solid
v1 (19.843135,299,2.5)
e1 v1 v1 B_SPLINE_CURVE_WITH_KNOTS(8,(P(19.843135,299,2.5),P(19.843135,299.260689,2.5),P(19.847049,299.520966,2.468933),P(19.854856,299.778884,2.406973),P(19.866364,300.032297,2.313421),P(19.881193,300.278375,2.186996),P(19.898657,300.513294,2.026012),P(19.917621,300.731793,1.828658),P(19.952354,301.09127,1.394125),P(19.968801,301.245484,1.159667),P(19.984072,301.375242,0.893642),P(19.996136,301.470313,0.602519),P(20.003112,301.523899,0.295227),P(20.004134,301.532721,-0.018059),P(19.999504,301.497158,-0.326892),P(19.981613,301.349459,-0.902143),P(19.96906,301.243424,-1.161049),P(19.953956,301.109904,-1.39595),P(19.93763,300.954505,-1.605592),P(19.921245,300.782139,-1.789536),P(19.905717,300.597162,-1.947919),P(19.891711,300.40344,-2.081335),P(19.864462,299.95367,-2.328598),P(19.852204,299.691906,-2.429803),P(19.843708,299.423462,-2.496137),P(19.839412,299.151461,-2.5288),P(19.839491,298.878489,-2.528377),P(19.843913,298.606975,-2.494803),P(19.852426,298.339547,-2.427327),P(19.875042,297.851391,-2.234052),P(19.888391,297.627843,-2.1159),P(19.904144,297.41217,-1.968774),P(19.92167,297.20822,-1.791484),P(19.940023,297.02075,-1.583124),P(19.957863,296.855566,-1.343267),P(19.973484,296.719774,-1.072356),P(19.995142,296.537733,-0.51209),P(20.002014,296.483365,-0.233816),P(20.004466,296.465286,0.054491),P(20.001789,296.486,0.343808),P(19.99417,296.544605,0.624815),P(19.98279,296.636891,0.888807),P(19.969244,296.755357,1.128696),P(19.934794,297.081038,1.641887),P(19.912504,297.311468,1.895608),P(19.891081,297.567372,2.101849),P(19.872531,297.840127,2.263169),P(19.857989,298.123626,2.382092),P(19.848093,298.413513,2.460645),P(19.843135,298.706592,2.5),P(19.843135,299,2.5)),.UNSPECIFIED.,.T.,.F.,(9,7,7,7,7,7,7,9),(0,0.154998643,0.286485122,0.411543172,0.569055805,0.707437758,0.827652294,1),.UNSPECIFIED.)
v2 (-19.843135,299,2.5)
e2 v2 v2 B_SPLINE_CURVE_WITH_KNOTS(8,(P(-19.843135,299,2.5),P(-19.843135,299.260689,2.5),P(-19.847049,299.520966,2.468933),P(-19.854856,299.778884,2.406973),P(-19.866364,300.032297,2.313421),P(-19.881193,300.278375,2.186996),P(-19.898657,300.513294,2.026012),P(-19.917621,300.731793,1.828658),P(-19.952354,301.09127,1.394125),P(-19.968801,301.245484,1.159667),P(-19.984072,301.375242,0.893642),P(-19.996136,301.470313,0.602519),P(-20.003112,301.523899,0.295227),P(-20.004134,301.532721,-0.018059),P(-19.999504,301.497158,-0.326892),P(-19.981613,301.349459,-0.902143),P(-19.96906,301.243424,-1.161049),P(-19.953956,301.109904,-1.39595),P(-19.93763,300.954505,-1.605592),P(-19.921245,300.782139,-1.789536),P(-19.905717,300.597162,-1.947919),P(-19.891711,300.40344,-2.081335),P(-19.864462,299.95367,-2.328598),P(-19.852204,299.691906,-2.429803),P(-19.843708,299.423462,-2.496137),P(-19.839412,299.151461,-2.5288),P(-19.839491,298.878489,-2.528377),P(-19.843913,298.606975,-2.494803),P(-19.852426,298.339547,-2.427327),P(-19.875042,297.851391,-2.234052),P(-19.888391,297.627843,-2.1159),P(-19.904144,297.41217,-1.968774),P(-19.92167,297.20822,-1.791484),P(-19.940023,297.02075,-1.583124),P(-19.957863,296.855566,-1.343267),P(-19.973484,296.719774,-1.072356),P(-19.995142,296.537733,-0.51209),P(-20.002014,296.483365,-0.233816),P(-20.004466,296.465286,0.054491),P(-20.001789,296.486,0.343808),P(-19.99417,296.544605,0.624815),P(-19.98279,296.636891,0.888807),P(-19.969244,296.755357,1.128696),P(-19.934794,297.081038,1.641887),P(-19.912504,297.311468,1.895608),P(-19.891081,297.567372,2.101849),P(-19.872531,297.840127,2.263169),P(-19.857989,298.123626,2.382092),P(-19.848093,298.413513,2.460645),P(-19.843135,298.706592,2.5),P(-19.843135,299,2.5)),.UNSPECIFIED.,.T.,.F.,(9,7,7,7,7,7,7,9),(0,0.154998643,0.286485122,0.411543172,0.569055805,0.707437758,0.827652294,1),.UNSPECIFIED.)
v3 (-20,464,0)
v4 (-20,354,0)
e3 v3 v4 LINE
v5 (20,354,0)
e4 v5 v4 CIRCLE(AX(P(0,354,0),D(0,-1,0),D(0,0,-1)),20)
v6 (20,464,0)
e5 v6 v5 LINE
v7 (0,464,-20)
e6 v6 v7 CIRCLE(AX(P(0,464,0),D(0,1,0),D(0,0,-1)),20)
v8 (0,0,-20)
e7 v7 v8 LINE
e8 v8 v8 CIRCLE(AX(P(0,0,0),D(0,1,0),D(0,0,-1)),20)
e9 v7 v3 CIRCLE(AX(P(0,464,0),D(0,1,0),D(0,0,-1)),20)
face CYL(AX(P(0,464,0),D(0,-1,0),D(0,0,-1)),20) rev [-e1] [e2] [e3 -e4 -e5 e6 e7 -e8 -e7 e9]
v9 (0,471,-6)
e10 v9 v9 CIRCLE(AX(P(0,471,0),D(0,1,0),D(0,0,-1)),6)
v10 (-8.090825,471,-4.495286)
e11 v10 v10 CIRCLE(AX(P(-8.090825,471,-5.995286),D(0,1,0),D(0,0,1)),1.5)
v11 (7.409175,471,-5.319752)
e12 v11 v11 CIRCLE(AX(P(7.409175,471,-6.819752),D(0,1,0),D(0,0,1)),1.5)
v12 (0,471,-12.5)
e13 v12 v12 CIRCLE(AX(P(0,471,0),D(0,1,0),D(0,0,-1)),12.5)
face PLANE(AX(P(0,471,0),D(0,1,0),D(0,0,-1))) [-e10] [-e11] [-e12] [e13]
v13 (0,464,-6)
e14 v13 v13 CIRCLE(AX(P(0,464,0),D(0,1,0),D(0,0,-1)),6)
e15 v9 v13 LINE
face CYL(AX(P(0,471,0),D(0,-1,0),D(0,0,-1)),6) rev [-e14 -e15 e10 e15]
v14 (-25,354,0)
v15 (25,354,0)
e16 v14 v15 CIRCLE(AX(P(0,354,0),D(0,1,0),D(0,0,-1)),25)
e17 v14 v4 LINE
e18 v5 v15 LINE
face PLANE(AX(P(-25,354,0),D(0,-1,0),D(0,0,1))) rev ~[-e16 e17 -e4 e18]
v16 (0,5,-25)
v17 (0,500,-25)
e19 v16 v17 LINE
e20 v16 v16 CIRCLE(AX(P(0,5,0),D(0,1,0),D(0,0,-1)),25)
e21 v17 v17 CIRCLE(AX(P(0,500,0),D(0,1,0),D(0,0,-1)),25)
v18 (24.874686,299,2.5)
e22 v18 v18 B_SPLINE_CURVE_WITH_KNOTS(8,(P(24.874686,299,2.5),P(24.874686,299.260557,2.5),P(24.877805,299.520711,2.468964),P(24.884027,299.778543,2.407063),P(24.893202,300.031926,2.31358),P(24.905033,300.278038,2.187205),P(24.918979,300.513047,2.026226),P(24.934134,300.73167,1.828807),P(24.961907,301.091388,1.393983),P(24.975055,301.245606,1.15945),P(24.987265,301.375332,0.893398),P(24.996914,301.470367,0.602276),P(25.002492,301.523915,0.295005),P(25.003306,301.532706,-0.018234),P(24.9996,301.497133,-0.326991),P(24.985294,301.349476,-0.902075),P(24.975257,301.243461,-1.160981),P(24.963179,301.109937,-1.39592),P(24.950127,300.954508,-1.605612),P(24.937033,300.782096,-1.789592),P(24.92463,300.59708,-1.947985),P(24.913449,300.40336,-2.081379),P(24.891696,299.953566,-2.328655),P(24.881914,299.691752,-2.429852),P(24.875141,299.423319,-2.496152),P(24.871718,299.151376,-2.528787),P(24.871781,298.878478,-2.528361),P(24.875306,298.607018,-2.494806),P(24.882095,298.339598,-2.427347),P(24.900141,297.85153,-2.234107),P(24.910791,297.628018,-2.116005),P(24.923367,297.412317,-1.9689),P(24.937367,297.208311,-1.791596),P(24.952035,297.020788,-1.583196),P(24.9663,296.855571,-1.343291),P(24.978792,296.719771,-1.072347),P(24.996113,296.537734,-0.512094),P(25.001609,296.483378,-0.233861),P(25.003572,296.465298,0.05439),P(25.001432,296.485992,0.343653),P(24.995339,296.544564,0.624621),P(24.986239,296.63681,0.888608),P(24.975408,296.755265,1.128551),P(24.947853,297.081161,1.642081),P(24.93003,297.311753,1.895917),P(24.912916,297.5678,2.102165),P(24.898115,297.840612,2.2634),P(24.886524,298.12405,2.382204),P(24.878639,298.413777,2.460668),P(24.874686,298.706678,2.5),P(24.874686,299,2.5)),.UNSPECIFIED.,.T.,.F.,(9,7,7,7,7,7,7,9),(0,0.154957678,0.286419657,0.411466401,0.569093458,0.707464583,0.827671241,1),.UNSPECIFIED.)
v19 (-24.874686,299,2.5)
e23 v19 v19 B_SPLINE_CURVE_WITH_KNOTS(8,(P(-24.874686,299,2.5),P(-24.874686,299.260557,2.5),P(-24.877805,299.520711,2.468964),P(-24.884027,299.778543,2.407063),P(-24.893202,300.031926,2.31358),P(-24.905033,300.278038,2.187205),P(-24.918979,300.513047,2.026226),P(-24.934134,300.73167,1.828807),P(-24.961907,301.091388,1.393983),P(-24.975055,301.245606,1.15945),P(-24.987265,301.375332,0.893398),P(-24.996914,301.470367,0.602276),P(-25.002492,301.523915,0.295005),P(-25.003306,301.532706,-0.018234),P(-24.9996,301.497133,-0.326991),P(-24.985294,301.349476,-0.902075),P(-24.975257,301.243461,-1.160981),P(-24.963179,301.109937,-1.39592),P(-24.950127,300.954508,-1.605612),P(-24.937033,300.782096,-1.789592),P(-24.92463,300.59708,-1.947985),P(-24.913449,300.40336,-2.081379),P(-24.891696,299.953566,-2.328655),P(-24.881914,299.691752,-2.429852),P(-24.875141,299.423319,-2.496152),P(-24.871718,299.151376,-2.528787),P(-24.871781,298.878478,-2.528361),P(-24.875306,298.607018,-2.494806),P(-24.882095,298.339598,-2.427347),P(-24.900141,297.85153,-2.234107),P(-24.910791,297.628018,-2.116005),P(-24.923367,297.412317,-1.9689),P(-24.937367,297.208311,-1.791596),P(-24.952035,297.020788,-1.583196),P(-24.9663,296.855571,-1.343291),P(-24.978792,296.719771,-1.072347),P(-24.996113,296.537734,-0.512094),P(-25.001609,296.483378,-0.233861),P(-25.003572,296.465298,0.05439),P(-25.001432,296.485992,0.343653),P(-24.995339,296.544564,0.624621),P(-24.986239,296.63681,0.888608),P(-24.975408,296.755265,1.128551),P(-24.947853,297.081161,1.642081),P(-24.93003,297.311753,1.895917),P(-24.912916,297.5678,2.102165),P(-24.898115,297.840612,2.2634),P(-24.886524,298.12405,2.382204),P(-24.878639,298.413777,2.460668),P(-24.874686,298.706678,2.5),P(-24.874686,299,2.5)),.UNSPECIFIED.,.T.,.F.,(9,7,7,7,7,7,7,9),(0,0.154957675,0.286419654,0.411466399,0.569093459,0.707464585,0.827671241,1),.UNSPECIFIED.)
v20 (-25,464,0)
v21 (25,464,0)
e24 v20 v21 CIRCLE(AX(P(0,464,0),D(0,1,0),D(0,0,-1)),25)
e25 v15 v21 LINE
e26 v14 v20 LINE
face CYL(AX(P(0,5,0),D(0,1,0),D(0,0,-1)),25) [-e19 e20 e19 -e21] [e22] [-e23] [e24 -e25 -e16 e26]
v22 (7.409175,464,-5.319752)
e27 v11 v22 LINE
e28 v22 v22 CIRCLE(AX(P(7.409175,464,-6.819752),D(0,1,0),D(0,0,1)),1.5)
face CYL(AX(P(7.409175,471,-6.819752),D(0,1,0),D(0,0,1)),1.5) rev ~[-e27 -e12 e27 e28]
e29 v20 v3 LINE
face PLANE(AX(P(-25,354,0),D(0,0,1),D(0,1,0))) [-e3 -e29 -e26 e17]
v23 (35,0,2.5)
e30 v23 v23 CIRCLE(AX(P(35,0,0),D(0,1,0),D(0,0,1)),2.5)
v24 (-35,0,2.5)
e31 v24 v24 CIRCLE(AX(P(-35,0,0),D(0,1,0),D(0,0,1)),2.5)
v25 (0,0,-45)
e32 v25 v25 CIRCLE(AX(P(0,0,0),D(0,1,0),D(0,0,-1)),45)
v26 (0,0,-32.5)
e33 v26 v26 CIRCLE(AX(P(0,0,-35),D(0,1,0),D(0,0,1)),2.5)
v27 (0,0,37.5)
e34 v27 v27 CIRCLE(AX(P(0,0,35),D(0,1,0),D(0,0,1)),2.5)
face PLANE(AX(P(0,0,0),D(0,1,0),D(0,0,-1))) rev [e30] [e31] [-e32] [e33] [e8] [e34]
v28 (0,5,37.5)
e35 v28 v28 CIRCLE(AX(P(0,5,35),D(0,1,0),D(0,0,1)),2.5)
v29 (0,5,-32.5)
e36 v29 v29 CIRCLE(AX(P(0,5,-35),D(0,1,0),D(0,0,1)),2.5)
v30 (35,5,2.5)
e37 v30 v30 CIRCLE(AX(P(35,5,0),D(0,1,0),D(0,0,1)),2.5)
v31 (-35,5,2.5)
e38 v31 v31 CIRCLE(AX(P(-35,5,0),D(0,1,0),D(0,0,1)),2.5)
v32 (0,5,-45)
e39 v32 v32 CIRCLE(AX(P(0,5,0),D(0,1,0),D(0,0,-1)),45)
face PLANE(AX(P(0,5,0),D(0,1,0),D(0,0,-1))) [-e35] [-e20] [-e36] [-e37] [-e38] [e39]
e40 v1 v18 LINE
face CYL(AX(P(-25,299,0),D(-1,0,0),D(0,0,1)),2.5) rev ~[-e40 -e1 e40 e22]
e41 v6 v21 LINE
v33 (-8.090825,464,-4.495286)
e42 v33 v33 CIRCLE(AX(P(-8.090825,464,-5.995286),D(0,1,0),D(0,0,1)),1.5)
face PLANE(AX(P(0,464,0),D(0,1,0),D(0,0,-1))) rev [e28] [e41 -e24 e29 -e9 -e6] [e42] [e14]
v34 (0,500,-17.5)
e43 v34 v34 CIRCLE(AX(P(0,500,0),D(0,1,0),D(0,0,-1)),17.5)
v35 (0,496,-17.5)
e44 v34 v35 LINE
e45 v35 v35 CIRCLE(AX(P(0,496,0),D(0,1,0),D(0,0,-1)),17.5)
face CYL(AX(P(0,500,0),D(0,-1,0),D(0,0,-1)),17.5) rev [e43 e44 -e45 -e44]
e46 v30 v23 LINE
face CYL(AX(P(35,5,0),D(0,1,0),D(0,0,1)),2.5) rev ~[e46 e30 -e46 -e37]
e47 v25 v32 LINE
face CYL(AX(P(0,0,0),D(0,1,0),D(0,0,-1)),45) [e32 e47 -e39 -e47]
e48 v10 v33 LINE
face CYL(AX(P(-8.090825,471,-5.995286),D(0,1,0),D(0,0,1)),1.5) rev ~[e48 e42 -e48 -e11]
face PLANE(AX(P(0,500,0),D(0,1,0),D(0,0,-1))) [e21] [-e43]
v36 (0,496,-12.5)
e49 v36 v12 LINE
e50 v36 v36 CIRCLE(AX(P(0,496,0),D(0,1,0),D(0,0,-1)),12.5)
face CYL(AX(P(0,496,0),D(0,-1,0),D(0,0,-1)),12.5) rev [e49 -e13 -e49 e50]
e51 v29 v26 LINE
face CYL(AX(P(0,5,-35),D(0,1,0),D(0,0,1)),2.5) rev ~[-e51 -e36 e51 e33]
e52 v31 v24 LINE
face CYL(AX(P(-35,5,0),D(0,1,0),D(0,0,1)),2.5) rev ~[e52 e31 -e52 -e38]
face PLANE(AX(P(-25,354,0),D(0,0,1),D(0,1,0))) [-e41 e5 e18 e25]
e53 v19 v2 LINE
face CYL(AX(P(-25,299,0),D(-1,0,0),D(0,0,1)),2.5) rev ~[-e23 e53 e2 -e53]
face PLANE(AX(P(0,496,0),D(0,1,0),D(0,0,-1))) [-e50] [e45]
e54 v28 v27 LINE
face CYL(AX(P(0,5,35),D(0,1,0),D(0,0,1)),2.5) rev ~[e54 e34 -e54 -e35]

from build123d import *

# Parameters (mm, degrees)
SKETCH2_R          = 2.5
SKETCH2_W          = 30
SKETCH2_H          = 110
CUT_EXTRUDE1_DEPTH = 507.87769728
SKETCH3_R          = 1.5
CUT_EXTRUDE2_DEPTH = 476.279917621
CUT_EXTRUDE3_REACH = 501.074
SKETCH4_R          = 2.5


with BuildPart() as part:
    # Sketch1 → Revolve1 (revolve)
    with BuildSketch(Plane.XY, mode=Mode.PRIVATE) as revolve1_sk:
        Polygon((20, 0), (45, 0), (45, 5), (25, 5), (25, 500), (17.5, 500), (17.5, 496), (12.5, 496), (12.5, 471), (6, 471), (6, 464), (20, 464), align=None)
    revolve(revolve1_sk.sketch.rotate(Axis((0, 0, 0), (0, 1, 0)), 90), axis=Axis((0, 0, 0), (0, 1, 0)))

    # Sketch2 → Cut-Extrude1 (cut, through all)
    with BuildSketch(Plane.ZY.offset(25)):
        with Locations((0, 299)):
            Circle(SKETCH2_R)
        with Locations((15, 409)):
            Rectangle(SKETCH2_W, SKETCH2_H)
    extrude(amount=-CUT_EXTRUDE1_DEPTH, mode=Mode.SUBTRACT)

    # Sketch3 → Cut-Extrude2 (cut, through all)
    with BuildSketch(Plane(origin=(0, 471, 0), x_dir=(1, 0, 0), z_dir=(0, 1, 0))):
        with Locations(Location((-8.090824797, 5.99528599, 0), (0, 0, 270))):
            Circle(SKETCH3_R)
        with Locations(Location((7.409175203, 6.819752401, 0), (0, 0, 270))):
            Circle(SKETCH3_R)
    extrude(amount=-CUT_EXTRUDE2_DEPTH, mode=Mode.SUBTRACT)

    # Sketch4 → Cut-Extrude3 (cut, up to next)
    with BuildSketch(Plane(origin=(0, 5, 0), x_dir=(1, 0, 0), z_dir=(0, 1, 0)), mode=Mode.PRIVATE) as cut_extrude3_sk1:
        with Locations(Location((0, 35, 0), (0, 0, 270))):
            Circle(SKETCH4_R)
    cut_extrude3_tool1 = extrude(cut_extrude3_sk1.sketch, amount=-CUT_EXTRUDE3_REACH, mode=Mode.PRIVATE) & part.part
    # Sketch4 → Cut-Extrude3 (cut, up to next)
    with BuildSketch(Plane(origin=(0, 5, 0), x_dir=(1, 0, 0), z_dir=(0, 1, 0)), mode=Mode.PRIVATE) as cut_extrude3_sk2:
        with Locations(Location((35, 0, 0), (0, 0, 270))):
            Circle(SKETCH4_R)
    cut_extrude3_tool2 = extrude(cut_extrude3_sk2.sketch, amount=-CUT_EXTRUDE3_REACH, mode=Mode.PRIVATE) & part.part
    # Sketch4 → Cut-Extrude3 (cut, up to next)
    with BuildSketch(Plane(origin=(0, 5, 0), x_dir=(1, 0, 0), z_dir=(0, 1, 0)), mode=Mode.PRIVATE) as cut_extrude3_sk3:
        with Locations(Location((0, -35, 0), (0, 0, 270))):
            Circle(SKETCH4_R)
    cut_extrude3_tool3 = extrude(cut_extrude3_sk3.sketch, amount=-CUT_EXTRUDE3_REACH, mode=Mode.PRIVATE) & part.part
    # Sketch4 → Cut-Extrude3 (cut, up to next)
    with BuildSketch(Plane(origin=(0, 5, 0), x_dir=(1, 0, 0), z_dir=(0, 1, 0)), mode=Mode.PRIVATE) as cut_extrude3_sk4:
        with Locations(Location((-35, 0, 0), (0, 0, 270))):
            Circle(SKETCH4_R)
    cut_extrude3_tool4 = extrude(cut_extrude3_sk4.sketch, amount=-CUT_EXTRUDE3_REACH, mode=Mode.PRIVATE) & part.part
    add(cut_extrude3_tool1.solids().sort_by_distance((0, 5, -35))[0], mode=Mode.SUBTRACT)
    add(cut_extrude3_tool2.solids().sort_by_distance((35, 5, 0))[0], mode=Mode.SUBTRACT)
    add(cut_extrude3_tool3.solids().sort_by_distance((0, 5, 35))[0], mode=Mode.SUBTRACT)
    add(cut_extrude3_tool4.solids().sort_by_distance((-35, 5, 0))[0], mode=Mode.SUBTRACT)


solid = part.part
